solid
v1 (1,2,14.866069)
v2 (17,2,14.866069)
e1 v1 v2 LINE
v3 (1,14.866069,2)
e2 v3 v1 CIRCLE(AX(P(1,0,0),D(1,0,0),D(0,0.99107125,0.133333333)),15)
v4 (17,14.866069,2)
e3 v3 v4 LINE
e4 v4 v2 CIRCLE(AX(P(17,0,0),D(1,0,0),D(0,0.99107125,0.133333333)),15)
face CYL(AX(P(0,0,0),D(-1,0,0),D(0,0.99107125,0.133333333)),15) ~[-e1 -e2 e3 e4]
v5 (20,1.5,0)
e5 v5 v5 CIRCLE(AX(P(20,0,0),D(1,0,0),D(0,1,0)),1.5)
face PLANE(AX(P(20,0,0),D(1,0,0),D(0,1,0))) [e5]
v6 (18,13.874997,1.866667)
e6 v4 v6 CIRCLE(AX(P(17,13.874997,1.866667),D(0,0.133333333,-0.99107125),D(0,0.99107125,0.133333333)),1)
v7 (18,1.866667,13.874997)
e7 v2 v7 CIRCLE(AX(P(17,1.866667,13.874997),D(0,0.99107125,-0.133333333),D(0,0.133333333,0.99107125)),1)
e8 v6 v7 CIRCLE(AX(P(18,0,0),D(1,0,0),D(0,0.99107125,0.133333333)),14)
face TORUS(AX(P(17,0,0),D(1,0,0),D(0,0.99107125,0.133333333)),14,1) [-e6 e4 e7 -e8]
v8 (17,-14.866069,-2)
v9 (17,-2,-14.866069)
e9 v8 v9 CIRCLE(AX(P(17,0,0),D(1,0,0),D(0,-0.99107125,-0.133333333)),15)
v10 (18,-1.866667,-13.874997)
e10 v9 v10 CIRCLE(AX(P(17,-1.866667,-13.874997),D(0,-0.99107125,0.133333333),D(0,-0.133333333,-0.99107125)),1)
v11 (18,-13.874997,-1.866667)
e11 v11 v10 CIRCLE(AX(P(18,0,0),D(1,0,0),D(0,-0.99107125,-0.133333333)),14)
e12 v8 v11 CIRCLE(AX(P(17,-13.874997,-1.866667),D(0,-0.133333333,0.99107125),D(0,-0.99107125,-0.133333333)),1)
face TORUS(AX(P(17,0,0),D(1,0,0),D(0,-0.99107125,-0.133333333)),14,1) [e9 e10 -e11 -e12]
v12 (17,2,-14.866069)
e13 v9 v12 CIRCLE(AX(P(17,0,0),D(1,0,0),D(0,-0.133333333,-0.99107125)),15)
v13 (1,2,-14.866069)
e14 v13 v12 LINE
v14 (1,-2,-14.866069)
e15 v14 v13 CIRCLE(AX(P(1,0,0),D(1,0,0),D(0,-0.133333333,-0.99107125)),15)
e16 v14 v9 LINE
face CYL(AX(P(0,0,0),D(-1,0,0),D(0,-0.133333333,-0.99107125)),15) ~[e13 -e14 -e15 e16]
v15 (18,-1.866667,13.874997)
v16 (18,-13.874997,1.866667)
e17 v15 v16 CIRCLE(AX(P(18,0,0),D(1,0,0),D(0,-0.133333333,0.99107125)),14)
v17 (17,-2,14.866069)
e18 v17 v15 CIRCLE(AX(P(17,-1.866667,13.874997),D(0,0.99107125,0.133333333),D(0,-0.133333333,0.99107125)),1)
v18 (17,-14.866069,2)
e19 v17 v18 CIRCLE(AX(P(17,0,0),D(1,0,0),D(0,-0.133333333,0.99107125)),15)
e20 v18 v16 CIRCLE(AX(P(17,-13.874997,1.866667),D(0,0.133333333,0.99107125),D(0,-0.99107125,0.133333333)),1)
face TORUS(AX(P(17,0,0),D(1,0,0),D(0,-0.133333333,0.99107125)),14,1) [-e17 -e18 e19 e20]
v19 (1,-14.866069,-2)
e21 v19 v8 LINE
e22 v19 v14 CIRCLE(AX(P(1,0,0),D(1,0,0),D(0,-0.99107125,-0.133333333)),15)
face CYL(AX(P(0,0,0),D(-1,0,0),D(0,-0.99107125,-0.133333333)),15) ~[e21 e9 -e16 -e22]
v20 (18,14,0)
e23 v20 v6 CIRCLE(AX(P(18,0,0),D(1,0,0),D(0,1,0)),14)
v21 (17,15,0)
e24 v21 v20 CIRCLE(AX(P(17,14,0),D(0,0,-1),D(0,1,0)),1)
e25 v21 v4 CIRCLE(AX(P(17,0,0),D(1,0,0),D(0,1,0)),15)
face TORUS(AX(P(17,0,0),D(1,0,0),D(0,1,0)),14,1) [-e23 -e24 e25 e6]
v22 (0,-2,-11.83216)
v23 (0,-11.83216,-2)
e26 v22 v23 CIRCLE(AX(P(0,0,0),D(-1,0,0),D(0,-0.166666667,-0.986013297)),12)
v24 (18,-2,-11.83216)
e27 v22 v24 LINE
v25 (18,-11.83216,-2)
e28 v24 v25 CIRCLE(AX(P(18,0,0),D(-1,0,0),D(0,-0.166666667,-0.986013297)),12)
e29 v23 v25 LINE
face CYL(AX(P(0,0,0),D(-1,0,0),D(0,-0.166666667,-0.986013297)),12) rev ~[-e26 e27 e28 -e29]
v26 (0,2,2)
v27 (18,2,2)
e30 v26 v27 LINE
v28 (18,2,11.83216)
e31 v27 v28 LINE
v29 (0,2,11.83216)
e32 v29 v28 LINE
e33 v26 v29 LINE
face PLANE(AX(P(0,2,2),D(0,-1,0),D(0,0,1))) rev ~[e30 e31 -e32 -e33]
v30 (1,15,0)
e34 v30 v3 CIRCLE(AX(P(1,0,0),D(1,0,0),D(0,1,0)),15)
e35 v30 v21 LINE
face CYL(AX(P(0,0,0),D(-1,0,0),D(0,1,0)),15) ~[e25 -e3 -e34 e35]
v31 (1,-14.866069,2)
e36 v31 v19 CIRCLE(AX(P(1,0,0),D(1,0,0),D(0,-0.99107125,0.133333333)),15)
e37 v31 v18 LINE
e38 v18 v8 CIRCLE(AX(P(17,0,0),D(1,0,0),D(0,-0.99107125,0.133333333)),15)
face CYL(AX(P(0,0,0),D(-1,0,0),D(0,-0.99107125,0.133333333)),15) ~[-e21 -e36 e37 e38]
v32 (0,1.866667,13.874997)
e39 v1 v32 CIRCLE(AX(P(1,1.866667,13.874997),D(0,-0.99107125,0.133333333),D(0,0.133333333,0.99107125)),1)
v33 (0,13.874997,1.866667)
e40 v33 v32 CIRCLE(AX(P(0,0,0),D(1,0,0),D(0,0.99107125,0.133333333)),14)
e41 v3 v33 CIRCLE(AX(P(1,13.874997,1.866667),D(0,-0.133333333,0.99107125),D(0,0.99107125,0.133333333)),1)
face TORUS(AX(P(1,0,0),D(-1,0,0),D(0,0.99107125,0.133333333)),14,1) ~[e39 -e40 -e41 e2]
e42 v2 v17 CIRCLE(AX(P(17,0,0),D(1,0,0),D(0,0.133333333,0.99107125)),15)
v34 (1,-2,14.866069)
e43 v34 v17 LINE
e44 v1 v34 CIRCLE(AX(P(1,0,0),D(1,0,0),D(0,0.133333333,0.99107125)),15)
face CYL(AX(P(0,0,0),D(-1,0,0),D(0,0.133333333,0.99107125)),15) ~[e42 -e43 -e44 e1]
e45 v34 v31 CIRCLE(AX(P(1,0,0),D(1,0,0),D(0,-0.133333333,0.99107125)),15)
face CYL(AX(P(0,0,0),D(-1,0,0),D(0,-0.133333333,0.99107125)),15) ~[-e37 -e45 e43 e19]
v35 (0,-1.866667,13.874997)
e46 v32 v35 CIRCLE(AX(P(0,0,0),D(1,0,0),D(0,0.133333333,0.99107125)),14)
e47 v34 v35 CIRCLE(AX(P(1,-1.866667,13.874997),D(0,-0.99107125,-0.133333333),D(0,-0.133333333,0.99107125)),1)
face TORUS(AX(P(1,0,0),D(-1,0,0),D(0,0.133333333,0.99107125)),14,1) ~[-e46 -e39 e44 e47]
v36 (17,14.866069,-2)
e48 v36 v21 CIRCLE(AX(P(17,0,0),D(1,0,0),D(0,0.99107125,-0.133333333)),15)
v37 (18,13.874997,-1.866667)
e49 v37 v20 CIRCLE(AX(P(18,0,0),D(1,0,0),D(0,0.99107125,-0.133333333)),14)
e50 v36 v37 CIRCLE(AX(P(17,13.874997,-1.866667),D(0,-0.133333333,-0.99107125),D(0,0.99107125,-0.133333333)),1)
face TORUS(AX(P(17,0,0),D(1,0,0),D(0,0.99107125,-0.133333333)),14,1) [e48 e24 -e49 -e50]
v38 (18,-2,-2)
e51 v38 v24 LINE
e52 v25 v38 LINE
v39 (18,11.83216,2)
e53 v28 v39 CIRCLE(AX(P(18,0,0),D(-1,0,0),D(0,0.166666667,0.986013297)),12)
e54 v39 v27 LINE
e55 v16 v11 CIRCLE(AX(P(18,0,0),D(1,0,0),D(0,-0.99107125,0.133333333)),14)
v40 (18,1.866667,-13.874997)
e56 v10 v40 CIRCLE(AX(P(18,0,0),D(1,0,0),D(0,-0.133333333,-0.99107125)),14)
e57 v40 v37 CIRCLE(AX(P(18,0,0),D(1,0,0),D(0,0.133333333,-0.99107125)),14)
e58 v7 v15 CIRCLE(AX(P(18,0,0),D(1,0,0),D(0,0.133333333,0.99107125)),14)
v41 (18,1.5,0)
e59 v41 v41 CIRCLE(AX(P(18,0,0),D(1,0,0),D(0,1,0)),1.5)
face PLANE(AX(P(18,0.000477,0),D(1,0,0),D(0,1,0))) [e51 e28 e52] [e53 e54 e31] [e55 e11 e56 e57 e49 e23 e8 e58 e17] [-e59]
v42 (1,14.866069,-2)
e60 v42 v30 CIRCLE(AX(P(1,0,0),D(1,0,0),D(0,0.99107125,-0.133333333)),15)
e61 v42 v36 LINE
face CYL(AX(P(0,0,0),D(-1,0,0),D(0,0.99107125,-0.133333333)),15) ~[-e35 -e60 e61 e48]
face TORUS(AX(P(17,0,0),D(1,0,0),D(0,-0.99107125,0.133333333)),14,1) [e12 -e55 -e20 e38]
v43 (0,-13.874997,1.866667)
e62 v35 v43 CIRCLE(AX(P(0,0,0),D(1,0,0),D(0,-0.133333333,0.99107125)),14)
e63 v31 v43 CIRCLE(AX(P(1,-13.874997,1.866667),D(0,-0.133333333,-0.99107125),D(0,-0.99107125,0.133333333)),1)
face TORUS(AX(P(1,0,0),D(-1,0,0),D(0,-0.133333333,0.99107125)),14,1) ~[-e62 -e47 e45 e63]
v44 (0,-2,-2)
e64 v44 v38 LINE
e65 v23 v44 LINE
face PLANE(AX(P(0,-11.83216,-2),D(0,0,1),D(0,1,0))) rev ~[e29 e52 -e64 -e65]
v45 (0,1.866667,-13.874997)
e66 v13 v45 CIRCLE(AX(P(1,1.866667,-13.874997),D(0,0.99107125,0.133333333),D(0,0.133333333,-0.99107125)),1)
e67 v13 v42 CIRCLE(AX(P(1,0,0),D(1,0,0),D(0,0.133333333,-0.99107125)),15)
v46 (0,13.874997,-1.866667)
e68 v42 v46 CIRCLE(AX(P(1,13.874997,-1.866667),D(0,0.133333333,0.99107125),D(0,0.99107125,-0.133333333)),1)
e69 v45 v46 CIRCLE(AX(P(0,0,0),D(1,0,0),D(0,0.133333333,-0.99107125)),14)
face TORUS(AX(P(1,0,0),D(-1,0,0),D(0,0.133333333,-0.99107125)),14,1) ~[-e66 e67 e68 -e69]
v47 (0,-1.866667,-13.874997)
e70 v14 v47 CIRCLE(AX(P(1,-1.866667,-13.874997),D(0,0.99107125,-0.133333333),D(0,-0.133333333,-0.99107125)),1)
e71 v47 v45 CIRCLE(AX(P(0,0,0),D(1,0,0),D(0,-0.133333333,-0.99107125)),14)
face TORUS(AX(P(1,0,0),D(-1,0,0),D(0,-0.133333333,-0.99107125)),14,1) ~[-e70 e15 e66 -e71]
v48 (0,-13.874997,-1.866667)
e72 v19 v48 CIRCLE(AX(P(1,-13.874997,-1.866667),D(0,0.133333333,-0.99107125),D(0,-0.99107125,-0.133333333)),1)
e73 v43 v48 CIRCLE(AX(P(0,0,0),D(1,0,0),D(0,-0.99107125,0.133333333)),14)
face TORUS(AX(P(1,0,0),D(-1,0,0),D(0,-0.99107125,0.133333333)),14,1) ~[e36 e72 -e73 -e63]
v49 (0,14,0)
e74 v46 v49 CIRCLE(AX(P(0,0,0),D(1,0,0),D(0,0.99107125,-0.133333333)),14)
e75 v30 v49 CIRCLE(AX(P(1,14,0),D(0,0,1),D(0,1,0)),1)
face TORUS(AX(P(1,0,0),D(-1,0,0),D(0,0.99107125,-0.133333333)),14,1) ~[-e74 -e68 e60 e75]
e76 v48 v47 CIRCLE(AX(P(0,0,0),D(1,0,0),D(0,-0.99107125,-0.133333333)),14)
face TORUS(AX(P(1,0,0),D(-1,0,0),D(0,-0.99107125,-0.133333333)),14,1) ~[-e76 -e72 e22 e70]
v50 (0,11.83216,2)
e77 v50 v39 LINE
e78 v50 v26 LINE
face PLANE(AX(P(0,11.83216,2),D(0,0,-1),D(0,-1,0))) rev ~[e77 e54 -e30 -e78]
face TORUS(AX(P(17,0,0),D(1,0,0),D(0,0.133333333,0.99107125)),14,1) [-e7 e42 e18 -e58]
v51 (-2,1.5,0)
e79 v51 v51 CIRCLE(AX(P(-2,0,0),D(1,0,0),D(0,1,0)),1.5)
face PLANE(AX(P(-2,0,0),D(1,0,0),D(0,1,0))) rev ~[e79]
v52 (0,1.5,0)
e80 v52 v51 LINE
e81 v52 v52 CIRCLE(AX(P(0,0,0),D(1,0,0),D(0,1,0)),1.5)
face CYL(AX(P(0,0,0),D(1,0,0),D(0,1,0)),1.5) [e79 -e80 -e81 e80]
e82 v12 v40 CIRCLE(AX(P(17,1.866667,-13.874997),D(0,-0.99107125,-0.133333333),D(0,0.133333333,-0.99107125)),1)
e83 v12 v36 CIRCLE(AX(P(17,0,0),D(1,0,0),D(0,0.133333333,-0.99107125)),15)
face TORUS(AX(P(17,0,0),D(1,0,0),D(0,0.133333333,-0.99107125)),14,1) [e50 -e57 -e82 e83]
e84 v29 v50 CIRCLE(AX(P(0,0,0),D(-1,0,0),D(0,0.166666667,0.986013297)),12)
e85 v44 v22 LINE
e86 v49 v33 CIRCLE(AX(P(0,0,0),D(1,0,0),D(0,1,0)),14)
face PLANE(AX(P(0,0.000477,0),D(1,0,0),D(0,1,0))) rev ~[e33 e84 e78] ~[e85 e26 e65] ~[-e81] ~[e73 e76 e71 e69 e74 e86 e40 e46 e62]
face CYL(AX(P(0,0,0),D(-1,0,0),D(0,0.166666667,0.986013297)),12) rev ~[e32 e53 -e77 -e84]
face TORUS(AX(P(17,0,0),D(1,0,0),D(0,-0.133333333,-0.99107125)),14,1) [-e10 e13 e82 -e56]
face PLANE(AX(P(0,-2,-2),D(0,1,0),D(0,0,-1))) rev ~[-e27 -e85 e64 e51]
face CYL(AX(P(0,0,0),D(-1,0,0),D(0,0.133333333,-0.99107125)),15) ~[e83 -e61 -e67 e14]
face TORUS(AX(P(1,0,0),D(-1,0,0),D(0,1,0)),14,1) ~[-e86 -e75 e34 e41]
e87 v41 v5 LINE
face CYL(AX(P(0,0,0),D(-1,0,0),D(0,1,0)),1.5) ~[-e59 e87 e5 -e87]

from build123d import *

# Parameters (mm, degrees)
F0_R     = 1.5
F1_DEPTH = 18
F2_R     = 1
F3_DEPTH = 20
F4_DEPTH = 2


with BuildPart() as f1:
    # F0 (on Right) → F1 (new body)
    with BuildSketch(Plane.YZ):
        with BuildLine():
            ThreePointArc((14.8660687473, -2), (14.9664797332, -1.0022396895), (15, 0))
            ThreePointArc((15, 0), (14.9664797332, 1.0022396895), (14.8660687473, 2))
            ThreePointArc((14.8660687473, 2), (10.6066017178, 10.6066017178), (2, 14.8660687473))
            ThreePointArc((2, 14.8660687473), (0, 15), (-2, 14.8660687473))
            ThreePointArc((-2, 14.8660687473), (-10.6066017178, 10.6066017178), (-14.8660687473, 2))
            ThreePointArc((-14.8660687473, 2), (-15, 0), (-14.8660687473, -2))
            ThreePointArc((-14.8660687473, -2), (-10.6066017178, -10.6066017178), (-2, -14.8660687473))
            ThreePointArc((-2, -14.8660687473), (0, -15), (2, -14.8660687473))
            ThreePointArc((2, -14.8660687473), (10.6066017178, -10.6066017178), (14.8660687473, -2))
        make_face()
        with BuildLine():
            ThreePointArc((-2, -11.8321595662), (-8.4852813742, -8.4852813742), (-11.8321595662, -2))
            Line((-11.8321595662, -2), (-2, -2))
            Line((-2, -2), (-2, -11.8321595662))
        make_face(mode=Mode.SUBTRACT)
        Circle(F0_R, mode=Mode.SUBTRACT)
        with BuildLine():
            ThreePointArc((2, 11.8321595662), (8.4852813742, 8.4852813742), (11.8321595662, 2))
            Line((11.8321595662, 2), (2, 2))
            Line((2, 2), (2, 11.8321595662))
        make_face(mode=Mode.SUBTRACT)
    extrude(amount=F1_DEPTH)

    # F2
    f2_edges = [f1.edges().sort_by_distance(p)[0] for p in [
        (0, 14.866069, 2),
        (18, 14.866069, 2),
    ]]
    fillet(f2_edges, radius=F2_R)

    # F0 (on Right) → F3 (join)
    with BuildSketch(Plane.YZ):
        Circle(F0_R)
    extrude(amount=F3_DEPTH)

    # F0 (on Right) → F4 (join)
    with BuildSketch(Plane.YZ):
        Circle(F0_R)
    extrude(amount=-F4_DEPTH)


solid = f1.part
